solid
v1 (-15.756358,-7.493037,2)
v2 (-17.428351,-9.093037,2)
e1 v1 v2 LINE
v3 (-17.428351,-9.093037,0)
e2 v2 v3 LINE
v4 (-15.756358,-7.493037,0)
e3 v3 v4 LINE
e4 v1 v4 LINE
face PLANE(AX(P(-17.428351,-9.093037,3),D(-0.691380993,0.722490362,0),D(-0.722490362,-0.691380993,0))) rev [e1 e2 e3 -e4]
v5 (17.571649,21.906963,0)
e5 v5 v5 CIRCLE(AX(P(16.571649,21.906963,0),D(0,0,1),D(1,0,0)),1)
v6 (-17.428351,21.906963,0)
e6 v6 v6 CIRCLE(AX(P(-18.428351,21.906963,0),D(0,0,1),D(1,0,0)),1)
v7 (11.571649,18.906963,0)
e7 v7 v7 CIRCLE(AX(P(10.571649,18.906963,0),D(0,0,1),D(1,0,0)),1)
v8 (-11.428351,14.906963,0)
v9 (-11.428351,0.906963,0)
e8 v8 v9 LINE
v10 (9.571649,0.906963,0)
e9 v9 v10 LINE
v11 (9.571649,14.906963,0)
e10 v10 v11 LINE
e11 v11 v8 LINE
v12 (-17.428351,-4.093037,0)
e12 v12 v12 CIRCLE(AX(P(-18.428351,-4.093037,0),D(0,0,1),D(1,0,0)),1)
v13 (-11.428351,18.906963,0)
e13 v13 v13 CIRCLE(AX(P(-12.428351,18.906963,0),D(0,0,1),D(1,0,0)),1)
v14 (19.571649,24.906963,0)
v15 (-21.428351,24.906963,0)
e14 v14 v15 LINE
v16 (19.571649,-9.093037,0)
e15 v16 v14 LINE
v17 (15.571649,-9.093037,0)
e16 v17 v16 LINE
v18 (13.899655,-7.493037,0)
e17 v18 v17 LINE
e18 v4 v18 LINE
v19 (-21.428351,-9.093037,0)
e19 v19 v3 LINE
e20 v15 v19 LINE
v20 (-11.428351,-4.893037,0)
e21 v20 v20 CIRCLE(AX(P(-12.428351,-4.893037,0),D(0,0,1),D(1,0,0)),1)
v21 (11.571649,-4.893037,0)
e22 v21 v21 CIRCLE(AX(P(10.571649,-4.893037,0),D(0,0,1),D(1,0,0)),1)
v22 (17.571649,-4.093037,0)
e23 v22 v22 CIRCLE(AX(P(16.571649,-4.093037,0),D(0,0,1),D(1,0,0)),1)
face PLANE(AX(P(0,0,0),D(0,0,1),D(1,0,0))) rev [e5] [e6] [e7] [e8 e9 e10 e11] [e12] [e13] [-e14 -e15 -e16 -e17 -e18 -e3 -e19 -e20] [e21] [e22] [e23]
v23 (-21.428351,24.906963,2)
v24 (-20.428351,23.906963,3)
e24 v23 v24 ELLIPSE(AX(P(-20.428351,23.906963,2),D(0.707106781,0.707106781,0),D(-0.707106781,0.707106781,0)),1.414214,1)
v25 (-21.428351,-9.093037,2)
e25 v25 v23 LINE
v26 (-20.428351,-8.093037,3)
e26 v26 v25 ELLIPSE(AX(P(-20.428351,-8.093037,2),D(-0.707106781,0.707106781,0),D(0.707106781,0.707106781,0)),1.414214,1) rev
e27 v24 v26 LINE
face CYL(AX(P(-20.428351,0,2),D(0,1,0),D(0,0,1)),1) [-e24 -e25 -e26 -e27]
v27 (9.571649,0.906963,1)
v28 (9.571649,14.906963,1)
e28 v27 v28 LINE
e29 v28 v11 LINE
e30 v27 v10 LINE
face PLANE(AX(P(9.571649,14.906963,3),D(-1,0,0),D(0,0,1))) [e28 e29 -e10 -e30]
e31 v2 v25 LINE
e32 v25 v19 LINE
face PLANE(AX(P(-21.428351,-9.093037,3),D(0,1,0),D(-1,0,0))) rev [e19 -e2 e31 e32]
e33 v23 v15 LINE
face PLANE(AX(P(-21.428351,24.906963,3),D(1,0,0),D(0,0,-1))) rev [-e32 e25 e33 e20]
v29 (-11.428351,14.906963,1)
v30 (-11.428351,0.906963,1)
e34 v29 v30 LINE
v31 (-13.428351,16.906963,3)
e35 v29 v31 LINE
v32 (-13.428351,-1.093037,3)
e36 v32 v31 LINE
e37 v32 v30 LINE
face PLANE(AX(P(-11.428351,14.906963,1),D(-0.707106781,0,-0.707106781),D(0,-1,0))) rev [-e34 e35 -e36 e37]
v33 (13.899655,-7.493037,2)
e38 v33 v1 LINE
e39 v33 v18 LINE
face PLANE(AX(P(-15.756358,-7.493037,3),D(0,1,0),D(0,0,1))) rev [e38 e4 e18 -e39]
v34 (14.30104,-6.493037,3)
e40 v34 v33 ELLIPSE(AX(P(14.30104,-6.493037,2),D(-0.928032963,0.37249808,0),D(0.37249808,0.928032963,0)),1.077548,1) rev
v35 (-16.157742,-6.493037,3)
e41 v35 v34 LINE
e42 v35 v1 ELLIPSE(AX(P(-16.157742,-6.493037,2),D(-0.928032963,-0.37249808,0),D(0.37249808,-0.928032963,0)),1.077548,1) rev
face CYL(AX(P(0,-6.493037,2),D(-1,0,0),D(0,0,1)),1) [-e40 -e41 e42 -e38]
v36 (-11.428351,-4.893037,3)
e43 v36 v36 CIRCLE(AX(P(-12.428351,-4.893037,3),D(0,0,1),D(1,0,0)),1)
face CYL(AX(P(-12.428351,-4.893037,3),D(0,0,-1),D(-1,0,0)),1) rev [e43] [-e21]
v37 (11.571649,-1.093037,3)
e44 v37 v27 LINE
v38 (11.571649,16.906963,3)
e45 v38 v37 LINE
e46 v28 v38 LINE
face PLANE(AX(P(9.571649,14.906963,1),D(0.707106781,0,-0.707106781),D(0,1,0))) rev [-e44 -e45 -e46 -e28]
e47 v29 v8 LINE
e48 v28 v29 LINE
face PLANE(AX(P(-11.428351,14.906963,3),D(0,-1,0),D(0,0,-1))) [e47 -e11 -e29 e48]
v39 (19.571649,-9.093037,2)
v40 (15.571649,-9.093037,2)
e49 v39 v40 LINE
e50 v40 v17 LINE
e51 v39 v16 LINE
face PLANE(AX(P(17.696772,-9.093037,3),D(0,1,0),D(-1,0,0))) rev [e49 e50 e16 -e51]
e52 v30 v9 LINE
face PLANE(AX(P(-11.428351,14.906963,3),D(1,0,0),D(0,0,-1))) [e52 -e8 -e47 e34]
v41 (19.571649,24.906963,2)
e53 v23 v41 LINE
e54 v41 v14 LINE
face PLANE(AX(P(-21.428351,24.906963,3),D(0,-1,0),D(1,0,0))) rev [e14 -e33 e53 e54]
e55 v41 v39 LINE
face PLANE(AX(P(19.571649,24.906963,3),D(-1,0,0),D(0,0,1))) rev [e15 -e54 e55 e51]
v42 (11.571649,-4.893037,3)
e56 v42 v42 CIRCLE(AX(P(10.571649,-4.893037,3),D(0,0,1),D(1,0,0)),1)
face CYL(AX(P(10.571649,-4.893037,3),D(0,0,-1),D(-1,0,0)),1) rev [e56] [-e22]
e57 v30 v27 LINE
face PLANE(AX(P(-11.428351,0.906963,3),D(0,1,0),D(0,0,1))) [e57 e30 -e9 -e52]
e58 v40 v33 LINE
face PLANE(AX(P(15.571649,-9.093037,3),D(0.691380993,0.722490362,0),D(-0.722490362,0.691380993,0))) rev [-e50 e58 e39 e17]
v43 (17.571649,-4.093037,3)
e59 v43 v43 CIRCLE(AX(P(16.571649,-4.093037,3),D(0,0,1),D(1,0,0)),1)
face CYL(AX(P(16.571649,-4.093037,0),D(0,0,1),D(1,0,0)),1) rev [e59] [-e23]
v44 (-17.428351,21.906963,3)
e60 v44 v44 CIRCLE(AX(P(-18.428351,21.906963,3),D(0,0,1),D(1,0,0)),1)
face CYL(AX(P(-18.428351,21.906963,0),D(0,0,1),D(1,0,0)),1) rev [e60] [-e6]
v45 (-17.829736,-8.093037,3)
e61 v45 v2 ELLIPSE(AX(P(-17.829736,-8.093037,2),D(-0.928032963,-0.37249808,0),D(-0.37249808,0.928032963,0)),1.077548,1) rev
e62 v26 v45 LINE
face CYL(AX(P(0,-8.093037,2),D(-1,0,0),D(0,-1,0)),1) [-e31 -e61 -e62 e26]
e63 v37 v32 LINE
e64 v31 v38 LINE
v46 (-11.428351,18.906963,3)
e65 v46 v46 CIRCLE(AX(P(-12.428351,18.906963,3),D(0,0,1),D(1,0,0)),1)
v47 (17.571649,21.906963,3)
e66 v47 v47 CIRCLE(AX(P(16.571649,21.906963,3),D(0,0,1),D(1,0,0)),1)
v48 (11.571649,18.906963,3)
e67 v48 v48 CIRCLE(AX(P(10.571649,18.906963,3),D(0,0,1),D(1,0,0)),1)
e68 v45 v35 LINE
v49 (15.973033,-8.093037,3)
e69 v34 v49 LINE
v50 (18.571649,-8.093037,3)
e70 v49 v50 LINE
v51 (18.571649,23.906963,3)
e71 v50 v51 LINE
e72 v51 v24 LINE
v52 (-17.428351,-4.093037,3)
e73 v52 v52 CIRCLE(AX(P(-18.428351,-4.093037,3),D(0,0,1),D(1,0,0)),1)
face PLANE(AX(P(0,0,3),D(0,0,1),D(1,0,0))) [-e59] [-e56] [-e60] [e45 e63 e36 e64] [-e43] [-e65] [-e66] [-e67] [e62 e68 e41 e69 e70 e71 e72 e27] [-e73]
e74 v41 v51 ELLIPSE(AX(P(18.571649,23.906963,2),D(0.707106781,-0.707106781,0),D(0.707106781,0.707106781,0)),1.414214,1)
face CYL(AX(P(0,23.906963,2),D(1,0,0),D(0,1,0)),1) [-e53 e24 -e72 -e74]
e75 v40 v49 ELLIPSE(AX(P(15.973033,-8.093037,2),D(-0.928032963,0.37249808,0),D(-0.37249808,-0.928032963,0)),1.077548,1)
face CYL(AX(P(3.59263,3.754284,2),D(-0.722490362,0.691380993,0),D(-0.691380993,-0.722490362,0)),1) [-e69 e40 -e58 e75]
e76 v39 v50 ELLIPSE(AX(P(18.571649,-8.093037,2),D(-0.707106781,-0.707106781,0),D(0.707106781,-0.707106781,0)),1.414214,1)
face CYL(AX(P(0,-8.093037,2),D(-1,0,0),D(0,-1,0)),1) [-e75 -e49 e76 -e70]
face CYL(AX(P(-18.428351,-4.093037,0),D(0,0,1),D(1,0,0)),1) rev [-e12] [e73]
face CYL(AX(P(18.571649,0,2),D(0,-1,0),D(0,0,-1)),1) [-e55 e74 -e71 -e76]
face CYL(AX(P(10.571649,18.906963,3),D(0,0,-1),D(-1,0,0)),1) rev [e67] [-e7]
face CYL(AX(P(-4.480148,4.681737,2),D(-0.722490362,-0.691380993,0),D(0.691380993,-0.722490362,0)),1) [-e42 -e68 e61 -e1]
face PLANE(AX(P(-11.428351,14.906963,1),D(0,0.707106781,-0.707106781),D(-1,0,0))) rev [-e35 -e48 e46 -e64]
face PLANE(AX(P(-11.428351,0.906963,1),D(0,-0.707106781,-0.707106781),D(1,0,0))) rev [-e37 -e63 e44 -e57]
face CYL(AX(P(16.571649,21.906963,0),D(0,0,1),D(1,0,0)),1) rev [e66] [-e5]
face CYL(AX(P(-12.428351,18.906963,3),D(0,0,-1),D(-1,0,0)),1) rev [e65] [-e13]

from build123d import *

# Parameters (mm, degrees)
SKETCH_1_R          = 1
SKETCH_1_W          = 21
SKETCH_1_H          = 14
EXTRUDE_1_DEPTH     = 3
CHAMFER_1_SIZE      = 2
FILLET_2_R          = 1
SKETCH_11_R         = 1
CUT_EXTRUDE_1_DEPTH = 33.992893462


with BuildPart() as part:
    # 草图1 → 凸台-拉伸1 (new body)
    with BuildSketch(Plane.XY):
        Polygon((-21.428351104, 24.906962627), (19.571648896, 24.906962627), (19.571648896, -9.093037373), (17.69677195, -9.093037373), (15.571648896, -9.093037373), (13.89965532, -7.493037373), (-15.756357529, -7.493037373), (-17.428351104, -9.093037373), (-21.428351104, -9.093037373), align=None)
        with Locations((-12.428351104, 18.906962627)):
            Circle(SKETCH_1_R, mode=Mode.SUBTRACT)
        with Locations((-12.428351104, -4.893037373)):
            Circle(SKETCH_1_R, mode=Mode.SUBTRACT)
        with Locations((10.571648896, 18.906962627)):
            Circle(SKETCH_1_R, mode=Mode.SUBTRACT)
        with Locations((10.571648896, -4.893037373)):
            Circle(SKETCH_1_R, mode=Mode.SUBTRACT)
        with Locations((-0.928351104, 7.906962627)):
            Rectangle(SKETCH_1_W, SKETCH_1_H, mode=Mode.SUBTRACT)
    extrude(amount=EXTRUDE_1_DEPTH)

    # 倒角1
    chamfer_1_edges = [part.edges().sort_by_distance(p)[0] for p in [
        (-11.428351104, 7.906962627, 3),
        (-0.928351104, 0.906962627, 3),
        (9.571648896, 7.906962627, 3),
        (-0.928351104, 14.906962627, 3),
    ]]
    chamfer(chamfer_1_edges, length=CHAMFER_1_SIZE)

    # 圆角2
    fillet_2_edges = [part.edges().sort_by_distance(p)[0] for p in [
        (-16.592354317, -8.293037373, 3),
        (-0.928351104, -7.493037373, 3),
        (14.735652108, -8.293037373, 3),
        (17.571648896, -9.093037373, 3),
        (19.571648896, 7.906962627, 3),
        (-0.928351104, 24.906962627, 3),
        (-21.428351104, 7.906962627, 3),
        (-19.428351104, -9.093037373, 3),
    ]]
    fillet(fillet_2_edges, radius=FILLET_2_R)

    # 草图11 → 切除-拉伸1 (cut, through all)
    with BuildSketch(Plane.XY.offset(3)):
        with Locations((-18.428351104, 21.906962627)):
            Circle(SKETCH_11_R)
        with Locations((-18.428351104, -4.093037373)):
            Circle(SKETCH_11_R)
        with Locations((16.571648896, 21.906962627)):
            Circle(SKETCH_11_R)
        with Locations((16.571648896, -4.093037373)):
            Circle(SKETCH_11_R)
    extrude(amount=-CUT_EXTRUDE_1_DEPTH, mode=Mode.SUBTRACT)


solid = part.part
